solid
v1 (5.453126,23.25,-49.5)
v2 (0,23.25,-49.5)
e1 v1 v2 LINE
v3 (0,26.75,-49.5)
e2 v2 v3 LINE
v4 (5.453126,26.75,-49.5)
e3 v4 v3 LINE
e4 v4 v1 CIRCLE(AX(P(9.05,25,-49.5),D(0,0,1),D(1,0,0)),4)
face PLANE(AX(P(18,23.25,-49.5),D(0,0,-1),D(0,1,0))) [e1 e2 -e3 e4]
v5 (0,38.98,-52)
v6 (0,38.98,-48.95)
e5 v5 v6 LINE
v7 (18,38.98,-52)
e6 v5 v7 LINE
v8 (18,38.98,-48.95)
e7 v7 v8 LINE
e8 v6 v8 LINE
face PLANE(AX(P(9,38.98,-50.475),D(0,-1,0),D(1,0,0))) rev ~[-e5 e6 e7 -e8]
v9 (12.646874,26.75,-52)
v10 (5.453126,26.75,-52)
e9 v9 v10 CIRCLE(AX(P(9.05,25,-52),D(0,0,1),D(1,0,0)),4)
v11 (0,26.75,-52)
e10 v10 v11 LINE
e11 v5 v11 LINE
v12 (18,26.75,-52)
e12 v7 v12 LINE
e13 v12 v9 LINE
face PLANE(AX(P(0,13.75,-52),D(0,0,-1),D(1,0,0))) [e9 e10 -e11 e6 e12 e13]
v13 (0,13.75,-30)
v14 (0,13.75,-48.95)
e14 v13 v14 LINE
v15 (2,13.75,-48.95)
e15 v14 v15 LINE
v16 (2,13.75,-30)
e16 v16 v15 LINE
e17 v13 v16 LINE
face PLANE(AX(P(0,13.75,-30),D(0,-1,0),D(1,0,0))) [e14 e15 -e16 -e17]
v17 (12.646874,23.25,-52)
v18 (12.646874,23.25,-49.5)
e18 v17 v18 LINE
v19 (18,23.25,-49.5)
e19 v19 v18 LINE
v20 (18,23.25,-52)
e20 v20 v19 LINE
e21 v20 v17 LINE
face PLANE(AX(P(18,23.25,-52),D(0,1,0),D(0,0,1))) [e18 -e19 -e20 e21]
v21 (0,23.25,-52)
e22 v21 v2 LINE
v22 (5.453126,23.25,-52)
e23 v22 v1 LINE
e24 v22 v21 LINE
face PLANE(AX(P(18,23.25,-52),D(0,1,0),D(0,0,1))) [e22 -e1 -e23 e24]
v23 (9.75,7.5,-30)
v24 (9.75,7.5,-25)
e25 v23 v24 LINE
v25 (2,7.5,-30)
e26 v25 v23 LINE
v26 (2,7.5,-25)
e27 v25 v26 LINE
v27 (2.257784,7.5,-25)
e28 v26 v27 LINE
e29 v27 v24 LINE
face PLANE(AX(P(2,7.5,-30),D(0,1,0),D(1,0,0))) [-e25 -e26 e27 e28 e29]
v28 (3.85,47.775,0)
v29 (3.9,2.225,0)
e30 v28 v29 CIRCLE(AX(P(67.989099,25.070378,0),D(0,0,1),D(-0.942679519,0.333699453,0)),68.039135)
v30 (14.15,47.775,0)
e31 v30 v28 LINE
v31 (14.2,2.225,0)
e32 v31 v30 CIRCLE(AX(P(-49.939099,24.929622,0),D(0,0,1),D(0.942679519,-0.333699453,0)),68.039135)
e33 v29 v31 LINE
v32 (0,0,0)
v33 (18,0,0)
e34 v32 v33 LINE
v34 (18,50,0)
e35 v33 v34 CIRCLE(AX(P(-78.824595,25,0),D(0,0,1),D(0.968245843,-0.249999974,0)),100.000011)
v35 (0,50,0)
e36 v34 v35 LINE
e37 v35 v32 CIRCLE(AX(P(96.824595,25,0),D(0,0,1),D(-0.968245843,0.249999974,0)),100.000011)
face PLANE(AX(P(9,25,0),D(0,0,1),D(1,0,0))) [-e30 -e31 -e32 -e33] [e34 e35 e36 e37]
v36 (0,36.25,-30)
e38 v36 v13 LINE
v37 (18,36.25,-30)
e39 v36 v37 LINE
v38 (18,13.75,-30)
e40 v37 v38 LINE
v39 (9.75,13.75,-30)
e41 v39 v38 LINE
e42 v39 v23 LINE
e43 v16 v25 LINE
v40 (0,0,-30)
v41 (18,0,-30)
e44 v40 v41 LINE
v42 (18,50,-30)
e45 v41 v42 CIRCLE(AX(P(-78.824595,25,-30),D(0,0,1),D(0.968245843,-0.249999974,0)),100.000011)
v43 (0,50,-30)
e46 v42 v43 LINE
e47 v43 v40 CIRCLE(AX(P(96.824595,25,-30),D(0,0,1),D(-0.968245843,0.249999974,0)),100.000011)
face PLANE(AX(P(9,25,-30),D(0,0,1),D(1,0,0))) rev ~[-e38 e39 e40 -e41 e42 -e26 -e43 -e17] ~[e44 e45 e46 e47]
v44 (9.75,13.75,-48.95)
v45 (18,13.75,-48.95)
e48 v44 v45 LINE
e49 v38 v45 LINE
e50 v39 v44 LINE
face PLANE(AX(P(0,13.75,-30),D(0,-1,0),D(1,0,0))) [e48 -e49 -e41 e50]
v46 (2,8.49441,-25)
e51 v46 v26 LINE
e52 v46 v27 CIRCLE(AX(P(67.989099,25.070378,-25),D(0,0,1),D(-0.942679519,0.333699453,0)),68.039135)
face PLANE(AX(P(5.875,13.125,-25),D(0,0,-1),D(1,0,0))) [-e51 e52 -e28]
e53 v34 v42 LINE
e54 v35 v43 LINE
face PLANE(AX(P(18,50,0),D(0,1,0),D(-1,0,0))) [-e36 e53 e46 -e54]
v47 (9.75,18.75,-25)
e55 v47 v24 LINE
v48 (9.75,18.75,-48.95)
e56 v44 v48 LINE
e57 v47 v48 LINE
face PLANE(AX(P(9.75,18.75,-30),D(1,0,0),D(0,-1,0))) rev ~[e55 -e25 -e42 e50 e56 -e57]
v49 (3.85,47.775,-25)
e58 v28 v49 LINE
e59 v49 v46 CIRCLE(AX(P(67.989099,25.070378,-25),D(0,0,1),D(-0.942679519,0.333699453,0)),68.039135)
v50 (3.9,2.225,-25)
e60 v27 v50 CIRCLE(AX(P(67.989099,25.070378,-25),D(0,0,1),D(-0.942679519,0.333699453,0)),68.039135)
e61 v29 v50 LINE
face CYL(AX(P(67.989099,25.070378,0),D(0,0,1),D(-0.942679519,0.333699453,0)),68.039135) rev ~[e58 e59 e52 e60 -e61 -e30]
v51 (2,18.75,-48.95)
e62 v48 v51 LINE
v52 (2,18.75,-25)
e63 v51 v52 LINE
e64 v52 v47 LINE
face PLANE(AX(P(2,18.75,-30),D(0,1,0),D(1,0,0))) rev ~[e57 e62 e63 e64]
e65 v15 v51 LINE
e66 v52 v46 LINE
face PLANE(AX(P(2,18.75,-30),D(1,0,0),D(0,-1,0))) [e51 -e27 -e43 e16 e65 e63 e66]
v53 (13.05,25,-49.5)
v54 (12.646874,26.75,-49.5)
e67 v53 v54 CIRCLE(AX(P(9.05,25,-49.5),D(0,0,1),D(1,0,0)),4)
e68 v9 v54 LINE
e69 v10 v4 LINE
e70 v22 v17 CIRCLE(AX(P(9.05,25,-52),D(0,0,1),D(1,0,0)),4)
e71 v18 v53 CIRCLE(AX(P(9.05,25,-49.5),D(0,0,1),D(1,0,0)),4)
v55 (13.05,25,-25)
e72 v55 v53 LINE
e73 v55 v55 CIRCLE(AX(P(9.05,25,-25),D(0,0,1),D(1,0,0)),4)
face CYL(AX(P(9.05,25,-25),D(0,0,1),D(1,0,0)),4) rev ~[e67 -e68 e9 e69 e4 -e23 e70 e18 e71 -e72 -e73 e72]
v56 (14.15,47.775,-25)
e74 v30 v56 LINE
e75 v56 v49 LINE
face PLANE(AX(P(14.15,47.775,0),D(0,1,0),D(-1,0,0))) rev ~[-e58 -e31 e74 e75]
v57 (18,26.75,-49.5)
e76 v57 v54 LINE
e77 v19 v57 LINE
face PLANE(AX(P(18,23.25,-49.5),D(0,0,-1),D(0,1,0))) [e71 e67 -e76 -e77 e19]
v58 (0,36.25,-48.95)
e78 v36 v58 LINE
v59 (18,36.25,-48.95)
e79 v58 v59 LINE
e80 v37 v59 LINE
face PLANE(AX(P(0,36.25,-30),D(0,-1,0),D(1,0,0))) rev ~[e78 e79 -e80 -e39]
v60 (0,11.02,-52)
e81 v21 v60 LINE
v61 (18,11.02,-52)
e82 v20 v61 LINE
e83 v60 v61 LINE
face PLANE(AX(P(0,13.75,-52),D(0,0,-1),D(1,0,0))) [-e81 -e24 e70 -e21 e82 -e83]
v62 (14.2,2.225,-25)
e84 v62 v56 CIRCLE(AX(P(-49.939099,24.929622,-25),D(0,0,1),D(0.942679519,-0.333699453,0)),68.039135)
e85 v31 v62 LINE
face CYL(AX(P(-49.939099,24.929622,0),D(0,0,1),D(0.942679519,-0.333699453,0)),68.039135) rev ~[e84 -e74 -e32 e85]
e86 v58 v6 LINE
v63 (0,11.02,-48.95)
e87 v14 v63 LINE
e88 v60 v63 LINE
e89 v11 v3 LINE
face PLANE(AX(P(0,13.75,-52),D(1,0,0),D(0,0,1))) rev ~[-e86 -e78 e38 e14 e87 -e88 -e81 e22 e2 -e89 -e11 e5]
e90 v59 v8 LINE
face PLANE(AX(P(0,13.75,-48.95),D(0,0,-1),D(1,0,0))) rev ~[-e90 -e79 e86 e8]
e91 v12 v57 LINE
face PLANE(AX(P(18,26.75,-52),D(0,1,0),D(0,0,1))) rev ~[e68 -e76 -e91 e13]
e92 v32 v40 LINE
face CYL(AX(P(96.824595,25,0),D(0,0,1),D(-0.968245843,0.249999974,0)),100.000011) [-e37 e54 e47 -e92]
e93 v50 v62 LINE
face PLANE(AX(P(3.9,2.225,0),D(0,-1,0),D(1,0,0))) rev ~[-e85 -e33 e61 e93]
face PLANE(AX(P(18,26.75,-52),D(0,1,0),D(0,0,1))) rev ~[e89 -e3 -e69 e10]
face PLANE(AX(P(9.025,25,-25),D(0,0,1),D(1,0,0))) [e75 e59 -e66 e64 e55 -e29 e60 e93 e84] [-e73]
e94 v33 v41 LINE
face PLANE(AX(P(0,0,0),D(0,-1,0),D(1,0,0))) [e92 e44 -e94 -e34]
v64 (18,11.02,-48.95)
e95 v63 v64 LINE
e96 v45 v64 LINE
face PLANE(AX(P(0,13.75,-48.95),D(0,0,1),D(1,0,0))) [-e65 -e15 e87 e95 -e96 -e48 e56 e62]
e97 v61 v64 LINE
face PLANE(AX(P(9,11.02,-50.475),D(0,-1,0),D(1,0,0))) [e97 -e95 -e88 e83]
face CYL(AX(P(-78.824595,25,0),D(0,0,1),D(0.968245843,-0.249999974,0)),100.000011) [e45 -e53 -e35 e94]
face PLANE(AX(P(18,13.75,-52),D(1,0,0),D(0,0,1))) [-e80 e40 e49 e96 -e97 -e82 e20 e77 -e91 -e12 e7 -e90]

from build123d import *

# Parameters (mm, degrees)
PAD_DEPTH            = 30
POCKET_DEPTH         = 25
SKETCH004_W          = 18
SKETCH004_H          = 22.5
PAD001_DEPTH         = 19
SKETCH003_W          = 7.75
SKETCH003_H          = 11.25
POCKET002_DEPTH      = 5
POCKET002_DEPTH_BACK = 24
SKETCH005_W          = 18
SKETCH005_H          = 3.05
PAD002_DEPTH         = 2.73
PAD002_DEPTH_BACK    = 25.23
SKETCH006_W          = 3.5
SKETCH006_H          = 2.5
POCKET003_DEPTH      = 18
SKETCH002_R          = 4
POCKET001_DEPTH      = 35
POCKET001_DEPTH_BACK = 5


with BuildPart() as part:
    # Sketch → Pad (new body)
    with BuildSketch(Plane.XY):
        with BuildLine():
            Line((0, 0), (18, 0))
            ThreePointArc((18, 0), (21.175416, 25), (18, 50))
            Line((18, 50), (0, 50))
            ThreePointArc((0, 50), (-3.175416, 25), (0, 0))
        make_face()
    extrude(amount=-PAD_DEPTH)

    # Sketch001 → Pocket (cut)
    with BuildSketch(Plane.XY):
        with BuildLine():
            Line((3.9, 2.225), (14.2, 2.225))
            ThreePointArc((14.2, 2.225), (18.099995, 25.004308), (14.15, 47.775))
            Line((14.15, 47.775), (3.85, 47.775))
            ThreePointArc((3.85, 47.775), (-0.049995, 24.995692), (3.9, 2.225))
        make_face()
    extrude(amount=-POCKET_DEPTH, mode=Mode.SUBTRACT)

    # Sketch004 → Pad001 (join)
    with BuildSketch(Plane(origin=(0, 0, -30), x_dir=(1, 0, 0), z_dir=(0, 0, -1))):
        with Locations((9, -25)):
            Rectangle(SKETCH004_W, SKETCH004_H)
    extrude(amount=PAD001_DEPTH)

    # Sketch003 (on Face5 of Pocket001) → Pocket002 (cut, two sides)
    with BuildSketch(Plane(origin=(0, 0, -30), x_dir=(1, 0, 0), z_dir=(0, 0, -1))) as pocket002_sk:
        with Locations((5.875, -13.125)):
            Rectangle(SKETCH003_W, SKETCH003_H)
    extrude(amount=-POCKET002_DEPTH, mode=Mode.SUBTRACT)
    extrude(pocket002_sk.sketch, amount=POCKET002_DEPTH_BACK, mode=Mode.SUBTRACT)

    # Sketch005 (on Face11 of Pocket001) → Pad002 (join, two sides)
    with BuildSketch(Plane.XZ.offset(-13.75)) as pad002_sk:
        with Locations((9, -50.475)):
            Rectangle(SKETCH005_W, SKETCH005_H)
    extrude(amount=PAD002_DEPTH)
    extrude(pad002_sk.sketch, amount=-PAD002_DEPTH_BACK)

    # Sketch006 (on Face16 of Pocket001) → Pocket003 (cut)
    with BuildSketch(Plane.YZ.offset(18)):
        with Locations((25, -50.75)):
            Rectangle(SKETCH006_W, SKETCH006_H)
    extrude(amount=-POCKET003_DEPTH, mode=Mode.SUBTRACT)

    # Sketch002 (on Face11 of Pocket) → Pocket001 (cut, two sides)
    with BuildSketch(Plane.XY.offset(-25)) as pocket001_sk:
        with Locations((9.05, 25)):
            Circle(SKETCH002_R)
    extrude(amount=-POCKET001_DEPTH, mode=Mode.SUBTRACT)
    extrude(pocket001_sk.sketch, amount=POCKET001_DEPTH_BACK, mode=Mode.SUBTRACT)


solid = part.part
